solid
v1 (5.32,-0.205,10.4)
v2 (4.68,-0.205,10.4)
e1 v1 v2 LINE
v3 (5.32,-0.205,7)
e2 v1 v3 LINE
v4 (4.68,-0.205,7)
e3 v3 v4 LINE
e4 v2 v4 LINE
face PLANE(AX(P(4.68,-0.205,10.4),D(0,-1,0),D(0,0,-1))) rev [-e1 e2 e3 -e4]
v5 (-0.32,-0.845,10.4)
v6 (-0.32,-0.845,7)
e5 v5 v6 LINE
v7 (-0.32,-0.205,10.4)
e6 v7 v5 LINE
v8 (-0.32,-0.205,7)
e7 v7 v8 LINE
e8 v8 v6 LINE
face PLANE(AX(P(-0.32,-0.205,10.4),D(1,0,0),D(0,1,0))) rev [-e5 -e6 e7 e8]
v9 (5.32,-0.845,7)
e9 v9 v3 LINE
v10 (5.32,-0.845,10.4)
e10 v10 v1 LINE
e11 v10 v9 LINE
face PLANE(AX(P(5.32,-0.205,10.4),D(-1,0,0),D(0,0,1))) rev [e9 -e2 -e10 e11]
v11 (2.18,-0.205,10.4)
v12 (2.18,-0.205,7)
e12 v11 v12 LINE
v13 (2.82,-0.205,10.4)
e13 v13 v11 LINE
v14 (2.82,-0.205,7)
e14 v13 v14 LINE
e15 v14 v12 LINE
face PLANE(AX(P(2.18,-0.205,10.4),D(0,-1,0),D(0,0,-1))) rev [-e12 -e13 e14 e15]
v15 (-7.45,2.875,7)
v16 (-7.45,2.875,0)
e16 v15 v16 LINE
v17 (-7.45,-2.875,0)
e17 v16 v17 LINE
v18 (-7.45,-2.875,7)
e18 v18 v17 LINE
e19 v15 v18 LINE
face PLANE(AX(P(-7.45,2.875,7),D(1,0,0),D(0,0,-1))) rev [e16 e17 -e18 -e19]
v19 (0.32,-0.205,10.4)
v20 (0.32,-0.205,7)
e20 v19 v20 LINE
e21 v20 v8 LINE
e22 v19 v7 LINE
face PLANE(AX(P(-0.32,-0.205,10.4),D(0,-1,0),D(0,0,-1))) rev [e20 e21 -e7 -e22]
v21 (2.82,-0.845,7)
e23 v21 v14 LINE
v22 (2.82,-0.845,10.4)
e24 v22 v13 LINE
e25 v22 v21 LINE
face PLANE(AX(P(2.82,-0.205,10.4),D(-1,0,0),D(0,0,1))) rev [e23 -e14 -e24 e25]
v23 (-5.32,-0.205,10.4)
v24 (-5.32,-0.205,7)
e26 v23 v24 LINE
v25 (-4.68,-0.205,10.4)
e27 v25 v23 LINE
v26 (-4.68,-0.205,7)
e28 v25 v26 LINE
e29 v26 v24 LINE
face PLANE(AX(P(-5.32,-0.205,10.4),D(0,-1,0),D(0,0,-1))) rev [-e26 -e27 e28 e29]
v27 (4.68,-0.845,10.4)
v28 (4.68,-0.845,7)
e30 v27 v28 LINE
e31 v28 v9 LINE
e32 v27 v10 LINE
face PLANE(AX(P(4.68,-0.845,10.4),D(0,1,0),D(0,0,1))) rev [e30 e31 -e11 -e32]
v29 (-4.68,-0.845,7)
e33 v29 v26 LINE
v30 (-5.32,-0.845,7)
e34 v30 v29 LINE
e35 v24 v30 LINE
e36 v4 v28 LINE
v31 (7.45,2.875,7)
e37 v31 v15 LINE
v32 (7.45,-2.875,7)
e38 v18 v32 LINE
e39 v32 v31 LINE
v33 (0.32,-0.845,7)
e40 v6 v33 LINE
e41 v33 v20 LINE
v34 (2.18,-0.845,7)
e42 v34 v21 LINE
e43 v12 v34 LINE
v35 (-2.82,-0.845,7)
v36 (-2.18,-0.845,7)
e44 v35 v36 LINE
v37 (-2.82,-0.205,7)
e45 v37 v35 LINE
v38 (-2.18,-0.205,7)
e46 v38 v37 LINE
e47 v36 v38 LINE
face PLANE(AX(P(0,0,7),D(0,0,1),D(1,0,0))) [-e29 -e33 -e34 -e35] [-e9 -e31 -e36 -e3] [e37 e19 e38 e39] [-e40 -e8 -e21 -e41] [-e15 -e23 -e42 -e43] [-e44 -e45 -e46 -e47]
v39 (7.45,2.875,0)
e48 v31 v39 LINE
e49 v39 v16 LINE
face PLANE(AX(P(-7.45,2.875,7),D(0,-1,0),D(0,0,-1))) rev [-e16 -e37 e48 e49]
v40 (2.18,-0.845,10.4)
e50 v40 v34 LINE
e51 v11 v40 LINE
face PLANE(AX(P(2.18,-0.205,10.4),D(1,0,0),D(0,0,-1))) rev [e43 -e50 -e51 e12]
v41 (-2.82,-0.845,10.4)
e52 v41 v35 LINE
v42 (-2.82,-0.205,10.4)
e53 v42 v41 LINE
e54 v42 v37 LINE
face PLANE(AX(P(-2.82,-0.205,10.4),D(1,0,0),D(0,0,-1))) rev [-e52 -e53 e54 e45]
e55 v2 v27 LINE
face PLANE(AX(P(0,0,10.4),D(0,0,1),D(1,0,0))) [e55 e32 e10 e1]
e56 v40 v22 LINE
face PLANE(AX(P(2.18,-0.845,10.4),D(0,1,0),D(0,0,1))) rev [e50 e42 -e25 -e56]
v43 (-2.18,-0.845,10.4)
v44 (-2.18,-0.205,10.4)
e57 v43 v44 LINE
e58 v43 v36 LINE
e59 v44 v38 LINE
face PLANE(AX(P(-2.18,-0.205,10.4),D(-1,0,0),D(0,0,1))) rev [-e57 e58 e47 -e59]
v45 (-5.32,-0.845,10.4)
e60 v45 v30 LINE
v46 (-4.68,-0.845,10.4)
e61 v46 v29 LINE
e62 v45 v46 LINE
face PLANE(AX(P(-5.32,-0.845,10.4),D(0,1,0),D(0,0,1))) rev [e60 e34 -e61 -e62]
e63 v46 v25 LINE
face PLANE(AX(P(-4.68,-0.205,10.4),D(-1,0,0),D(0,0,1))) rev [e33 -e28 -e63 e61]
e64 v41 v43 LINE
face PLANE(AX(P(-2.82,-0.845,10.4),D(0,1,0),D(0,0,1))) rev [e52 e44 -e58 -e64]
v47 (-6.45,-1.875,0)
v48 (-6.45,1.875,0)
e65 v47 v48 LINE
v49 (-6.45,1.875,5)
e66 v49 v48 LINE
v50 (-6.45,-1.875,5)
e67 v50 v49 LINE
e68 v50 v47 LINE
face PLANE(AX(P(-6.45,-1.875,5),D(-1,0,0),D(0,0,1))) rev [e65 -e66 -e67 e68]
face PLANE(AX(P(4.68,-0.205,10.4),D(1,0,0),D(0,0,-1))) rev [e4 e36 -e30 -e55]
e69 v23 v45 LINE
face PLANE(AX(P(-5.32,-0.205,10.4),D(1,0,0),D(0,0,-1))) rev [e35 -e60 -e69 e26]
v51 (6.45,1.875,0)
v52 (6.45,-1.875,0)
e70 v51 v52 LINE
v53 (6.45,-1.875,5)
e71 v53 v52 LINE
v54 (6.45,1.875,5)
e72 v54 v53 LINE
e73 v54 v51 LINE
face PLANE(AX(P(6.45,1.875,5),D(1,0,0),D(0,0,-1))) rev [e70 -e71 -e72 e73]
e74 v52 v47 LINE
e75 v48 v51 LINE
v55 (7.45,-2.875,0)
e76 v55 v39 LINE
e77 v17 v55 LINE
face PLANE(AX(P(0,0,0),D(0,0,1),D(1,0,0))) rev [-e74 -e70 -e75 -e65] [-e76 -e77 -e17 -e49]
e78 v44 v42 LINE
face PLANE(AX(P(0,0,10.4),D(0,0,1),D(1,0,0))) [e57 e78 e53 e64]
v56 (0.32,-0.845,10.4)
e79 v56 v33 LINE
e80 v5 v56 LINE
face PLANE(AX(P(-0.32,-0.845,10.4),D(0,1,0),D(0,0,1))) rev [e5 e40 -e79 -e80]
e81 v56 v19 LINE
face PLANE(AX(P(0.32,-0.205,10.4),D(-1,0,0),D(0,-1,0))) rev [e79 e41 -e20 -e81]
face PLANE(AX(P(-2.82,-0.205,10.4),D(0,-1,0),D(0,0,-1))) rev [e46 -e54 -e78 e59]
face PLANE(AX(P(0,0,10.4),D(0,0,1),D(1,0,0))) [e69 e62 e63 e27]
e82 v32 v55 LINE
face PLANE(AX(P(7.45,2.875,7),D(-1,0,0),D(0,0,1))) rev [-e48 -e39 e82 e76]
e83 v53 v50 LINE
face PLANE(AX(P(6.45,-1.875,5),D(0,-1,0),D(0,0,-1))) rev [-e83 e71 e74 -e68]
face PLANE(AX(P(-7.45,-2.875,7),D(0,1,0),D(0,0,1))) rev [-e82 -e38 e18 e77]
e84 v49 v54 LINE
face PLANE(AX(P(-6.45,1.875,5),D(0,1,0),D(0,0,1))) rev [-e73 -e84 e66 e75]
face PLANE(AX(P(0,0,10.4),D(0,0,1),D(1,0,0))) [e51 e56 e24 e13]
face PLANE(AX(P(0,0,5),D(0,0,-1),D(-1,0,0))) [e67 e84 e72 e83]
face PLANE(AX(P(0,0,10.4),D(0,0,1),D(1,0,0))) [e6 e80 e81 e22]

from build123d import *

# Parameters (mm, degrees)
SKETCH_1_W          = 14.9
SKETCH_1_H          = 5.75
EXTRUDE_1_DEPTH     = 7
SKETCH_2_W          = 0.64
SKETCH_2_H          = 0.64
EXTRUDE_2_DEPTH     = 3.4
SKETCH_3_W          = 12.9
SKETCH_3_H          = 3.75
CUT_EXTRUDE_1_DEPTH = 5


with BuildPart() as part:
    # Эскиз1 → Бобышка-Вытянуть1 (new body)
    with BuildSketch(Plane.XY):
        Rectangle(SKETCH_1_W, SKETCH_1_H)
    extrude(amount=EXTRUDE_1_DEPTH)

    # Эскиз2 → Бобышка-Вытянуть2 (add)
    with BuildSketch(Plane.XY.offset(7)):
        with Locations((-2.5, -0.525)):
            Rectangle(SKETCH_2_W, SKETCH_2_H)
        with Locations((-5, -0.525)):
            Rectangle(SKETCH_2_W, SKETCH_2_H)
        with Locations((0, -0.525)):
            Rectangle(SKETCH_2_W, SKETCH_2_H)
        with Locations((2.5, -0.525)):
            Rectangle(SKETCH_2_W, SKETCH_2_H)
        with Locations((5, -0.525)):
            Rectangle(SKETCH_2_W, SKETCH_2_H)
    extrude(amount=EXTRUDE_2_DEPTH)

    # Эскиз3 → Вырез-Вытянуть1 (cut)
    with BuildSketch(Plane(origin=(0, 0, 0), x_dir=(-1, 0, 0), z_dir=(0, 0, -1))):
        Rectangle(SKETCH_3_W, SKETCH_3_H)
    extrude(amount=-CUT_EXTRUDE_1_DEPTH, mode=Mode.SUBTRACT)


solid = part.part
